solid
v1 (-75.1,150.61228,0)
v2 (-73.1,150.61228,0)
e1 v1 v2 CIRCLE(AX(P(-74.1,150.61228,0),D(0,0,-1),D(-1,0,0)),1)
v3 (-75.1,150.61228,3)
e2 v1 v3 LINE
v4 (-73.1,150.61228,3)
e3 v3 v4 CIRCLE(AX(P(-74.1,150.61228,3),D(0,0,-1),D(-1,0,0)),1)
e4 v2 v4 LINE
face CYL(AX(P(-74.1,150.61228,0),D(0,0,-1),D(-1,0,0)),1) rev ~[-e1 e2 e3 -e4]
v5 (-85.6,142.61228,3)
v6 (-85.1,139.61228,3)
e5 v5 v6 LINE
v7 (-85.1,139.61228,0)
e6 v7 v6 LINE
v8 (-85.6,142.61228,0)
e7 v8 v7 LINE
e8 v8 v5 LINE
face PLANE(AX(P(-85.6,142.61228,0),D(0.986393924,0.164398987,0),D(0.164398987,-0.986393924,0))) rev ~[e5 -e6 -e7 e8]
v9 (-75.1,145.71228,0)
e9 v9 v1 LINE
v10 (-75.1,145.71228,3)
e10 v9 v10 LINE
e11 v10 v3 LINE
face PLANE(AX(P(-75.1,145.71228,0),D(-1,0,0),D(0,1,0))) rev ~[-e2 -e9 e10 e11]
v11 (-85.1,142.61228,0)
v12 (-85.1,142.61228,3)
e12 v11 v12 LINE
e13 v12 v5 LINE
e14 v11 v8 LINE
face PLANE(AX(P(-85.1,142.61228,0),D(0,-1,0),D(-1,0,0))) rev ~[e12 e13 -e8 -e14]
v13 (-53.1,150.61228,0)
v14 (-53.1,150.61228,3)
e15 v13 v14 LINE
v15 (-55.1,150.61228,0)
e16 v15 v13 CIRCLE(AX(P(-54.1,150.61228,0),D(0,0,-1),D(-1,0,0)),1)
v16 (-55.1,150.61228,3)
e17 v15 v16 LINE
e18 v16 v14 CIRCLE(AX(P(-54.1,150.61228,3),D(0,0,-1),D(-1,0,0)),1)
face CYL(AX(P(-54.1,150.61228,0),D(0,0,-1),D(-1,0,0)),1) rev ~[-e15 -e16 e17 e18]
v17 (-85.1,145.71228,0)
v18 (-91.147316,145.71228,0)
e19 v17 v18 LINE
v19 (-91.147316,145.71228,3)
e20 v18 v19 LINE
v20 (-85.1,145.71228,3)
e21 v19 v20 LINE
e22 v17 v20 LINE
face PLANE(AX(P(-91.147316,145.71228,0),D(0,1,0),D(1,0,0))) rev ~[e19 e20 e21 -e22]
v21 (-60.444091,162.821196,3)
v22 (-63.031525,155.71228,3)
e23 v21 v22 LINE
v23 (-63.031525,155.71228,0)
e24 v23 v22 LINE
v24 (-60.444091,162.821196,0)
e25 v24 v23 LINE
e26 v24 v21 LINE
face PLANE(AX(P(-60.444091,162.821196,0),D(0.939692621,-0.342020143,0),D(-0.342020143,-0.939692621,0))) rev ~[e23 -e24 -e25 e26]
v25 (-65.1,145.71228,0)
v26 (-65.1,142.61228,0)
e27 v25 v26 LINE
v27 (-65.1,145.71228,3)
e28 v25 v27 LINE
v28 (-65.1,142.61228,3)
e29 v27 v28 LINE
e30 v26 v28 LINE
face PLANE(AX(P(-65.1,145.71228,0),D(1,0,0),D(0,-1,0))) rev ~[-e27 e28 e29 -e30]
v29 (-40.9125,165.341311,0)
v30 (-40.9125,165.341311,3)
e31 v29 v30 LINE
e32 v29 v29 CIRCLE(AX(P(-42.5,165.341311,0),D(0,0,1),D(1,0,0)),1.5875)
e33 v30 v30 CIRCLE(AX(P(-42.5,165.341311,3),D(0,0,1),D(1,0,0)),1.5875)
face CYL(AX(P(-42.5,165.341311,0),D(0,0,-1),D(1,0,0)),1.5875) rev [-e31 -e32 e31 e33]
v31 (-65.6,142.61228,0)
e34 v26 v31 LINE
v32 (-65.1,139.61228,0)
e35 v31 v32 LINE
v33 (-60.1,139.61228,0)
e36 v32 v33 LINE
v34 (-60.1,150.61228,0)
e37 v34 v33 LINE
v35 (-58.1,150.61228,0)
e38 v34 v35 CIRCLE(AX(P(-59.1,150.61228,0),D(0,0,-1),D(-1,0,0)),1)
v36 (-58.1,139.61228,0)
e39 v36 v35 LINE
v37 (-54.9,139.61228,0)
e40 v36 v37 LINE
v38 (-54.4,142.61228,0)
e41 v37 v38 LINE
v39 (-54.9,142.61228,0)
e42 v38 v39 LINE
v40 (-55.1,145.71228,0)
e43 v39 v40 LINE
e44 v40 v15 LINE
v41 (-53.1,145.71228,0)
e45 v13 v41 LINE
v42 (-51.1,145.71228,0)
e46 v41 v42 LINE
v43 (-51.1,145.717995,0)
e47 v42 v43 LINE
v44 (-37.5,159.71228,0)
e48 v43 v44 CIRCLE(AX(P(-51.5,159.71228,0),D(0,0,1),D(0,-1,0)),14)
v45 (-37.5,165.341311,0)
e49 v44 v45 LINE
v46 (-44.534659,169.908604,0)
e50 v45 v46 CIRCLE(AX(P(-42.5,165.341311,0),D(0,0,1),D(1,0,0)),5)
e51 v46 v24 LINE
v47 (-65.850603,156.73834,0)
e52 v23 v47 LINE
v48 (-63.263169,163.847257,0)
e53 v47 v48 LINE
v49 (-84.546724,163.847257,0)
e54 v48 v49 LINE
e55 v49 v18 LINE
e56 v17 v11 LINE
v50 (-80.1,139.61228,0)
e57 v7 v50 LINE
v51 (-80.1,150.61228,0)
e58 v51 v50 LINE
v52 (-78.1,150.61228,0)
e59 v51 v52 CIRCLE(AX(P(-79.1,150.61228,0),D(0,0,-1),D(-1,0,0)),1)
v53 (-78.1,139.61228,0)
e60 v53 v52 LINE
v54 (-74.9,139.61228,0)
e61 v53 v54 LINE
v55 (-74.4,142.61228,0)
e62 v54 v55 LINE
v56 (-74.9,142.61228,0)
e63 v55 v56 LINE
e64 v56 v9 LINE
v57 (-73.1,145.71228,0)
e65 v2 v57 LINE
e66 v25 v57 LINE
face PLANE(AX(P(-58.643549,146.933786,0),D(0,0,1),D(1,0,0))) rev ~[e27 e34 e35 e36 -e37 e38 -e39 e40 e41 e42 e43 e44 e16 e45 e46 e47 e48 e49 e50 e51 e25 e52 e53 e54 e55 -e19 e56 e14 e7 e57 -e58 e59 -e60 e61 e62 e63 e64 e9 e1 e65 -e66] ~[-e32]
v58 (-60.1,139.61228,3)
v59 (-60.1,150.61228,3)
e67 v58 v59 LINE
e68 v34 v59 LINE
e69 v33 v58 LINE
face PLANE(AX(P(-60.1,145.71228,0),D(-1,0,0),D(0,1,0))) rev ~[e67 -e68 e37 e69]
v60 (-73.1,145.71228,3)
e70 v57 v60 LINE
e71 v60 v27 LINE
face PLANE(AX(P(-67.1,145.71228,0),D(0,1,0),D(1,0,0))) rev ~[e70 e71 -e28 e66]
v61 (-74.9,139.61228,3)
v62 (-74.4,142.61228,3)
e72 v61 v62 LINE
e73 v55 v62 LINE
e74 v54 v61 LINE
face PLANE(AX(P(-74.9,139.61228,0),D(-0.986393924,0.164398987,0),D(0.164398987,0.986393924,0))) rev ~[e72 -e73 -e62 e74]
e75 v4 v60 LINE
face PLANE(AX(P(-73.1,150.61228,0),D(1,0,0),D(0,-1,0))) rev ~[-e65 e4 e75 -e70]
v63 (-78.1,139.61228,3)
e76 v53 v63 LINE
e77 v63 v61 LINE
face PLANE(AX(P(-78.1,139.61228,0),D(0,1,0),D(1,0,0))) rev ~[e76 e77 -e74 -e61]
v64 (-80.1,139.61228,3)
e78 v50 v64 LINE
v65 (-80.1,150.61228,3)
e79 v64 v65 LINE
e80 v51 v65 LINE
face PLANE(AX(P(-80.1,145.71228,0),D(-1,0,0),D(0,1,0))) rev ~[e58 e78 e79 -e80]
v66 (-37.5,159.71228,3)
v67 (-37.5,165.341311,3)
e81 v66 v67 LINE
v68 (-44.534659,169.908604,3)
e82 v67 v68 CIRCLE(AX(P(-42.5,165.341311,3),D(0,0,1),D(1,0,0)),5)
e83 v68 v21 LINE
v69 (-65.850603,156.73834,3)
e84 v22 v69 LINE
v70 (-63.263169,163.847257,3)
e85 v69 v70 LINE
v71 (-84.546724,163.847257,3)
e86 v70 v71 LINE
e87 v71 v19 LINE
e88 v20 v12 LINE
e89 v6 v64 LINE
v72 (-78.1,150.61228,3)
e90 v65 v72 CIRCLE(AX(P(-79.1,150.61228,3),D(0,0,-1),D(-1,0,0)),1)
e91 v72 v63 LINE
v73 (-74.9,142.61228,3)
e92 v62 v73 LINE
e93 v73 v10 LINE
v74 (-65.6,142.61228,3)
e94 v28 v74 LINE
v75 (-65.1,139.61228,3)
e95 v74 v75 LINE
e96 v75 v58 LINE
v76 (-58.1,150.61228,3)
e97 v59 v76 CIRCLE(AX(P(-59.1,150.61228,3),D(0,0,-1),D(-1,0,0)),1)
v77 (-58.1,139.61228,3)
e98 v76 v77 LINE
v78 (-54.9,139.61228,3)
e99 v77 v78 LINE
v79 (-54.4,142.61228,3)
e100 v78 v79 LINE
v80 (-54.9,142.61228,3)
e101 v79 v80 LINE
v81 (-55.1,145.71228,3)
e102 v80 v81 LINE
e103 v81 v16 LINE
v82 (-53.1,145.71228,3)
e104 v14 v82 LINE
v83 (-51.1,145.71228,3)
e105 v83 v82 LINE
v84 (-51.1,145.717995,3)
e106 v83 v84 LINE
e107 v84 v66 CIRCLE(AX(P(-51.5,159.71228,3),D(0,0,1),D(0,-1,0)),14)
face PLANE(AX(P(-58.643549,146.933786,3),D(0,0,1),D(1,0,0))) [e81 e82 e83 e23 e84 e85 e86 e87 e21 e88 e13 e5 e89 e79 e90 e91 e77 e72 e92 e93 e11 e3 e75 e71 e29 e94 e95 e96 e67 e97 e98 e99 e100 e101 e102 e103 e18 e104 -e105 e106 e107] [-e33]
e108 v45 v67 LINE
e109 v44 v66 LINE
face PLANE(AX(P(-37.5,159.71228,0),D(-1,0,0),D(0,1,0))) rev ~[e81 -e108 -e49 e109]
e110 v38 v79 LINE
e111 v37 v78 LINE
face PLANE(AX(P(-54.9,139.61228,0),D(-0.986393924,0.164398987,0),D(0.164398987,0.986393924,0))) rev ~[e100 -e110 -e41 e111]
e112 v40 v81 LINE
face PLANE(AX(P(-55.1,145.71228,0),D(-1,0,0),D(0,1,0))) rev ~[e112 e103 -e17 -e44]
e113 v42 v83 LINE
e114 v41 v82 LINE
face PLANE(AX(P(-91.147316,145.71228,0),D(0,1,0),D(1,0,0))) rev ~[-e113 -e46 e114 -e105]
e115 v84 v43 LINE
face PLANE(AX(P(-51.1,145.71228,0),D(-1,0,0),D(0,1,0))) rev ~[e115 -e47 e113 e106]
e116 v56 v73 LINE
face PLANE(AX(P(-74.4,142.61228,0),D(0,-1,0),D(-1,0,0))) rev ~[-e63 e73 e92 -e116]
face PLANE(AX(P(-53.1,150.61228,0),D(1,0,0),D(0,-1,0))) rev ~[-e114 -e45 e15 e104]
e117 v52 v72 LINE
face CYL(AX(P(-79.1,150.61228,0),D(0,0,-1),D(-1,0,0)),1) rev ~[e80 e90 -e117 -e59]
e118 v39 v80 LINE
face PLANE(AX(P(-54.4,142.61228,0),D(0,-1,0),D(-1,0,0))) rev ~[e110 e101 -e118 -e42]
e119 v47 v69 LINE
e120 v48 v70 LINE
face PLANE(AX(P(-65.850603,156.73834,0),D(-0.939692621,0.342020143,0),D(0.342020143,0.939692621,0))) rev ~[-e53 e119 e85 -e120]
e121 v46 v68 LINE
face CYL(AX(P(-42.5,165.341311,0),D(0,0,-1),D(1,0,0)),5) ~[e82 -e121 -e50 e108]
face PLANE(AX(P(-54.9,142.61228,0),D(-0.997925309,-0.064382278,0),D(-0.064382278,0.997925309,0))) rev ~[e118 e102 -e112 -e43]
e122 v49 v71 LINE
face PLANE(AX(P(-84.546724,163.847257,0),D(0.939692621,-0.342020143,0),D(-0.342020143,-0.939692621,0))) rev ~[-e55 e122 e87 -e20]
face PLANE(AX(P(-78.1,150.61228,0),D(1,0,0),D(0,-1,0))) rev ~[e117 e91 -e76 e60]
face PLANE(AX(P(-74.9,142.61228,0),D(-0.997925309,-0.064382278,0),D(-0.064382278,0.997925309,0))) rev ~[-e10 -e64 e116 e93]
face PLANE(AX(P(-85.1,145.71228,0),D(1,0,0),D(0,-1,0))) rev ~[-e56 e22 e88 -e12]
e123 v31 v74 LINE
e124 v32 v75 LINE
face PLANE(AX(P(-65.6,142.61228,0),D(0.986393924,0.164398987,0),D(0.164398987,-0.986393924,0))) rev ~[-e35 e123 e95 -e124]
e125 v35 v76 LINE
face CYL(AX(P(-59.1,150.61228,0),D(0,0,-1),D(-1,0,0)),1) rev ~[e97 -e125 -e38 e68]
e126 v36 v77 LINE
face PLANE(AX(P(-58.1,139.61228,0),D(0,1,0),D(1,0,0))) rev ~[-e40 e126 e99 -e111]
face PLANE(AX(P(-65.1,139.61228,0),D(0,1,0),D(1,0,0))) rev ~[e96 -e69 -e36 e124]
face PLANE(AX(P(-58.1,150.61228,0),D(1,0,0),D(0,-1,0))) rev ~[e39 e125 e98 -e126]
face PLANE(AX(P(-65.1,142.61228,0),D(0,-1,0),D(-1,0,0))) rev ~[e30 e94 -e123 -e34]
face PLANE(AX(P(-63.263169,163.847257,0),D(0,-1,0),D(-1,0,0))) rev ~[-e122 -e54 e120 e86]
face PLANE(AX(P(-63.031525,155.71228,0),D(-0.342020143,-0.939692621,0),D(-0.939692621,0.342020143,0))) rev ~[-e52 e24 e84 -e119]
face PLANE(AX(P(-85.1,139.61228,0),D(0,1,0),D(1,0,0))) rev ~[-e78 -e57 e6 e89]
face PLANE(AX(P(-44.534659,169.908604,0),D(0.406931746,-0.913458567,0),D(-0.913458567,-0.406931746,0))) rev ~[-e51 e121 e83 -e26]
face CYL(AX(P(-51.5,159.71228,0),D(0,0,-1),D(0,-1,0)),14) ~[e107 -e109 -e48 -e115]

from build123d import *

# Parameters (mm, degrees)
SKETCH1_R           = 1.5875
BOSS_EXTRUDE1_DEPTH = 3
TABS_DEPTH          = 3
TAB_RELIEF_REACH    = 195.217


with BuildPart() as part:
    # Sketch1 → Boss-Extrude1 (new body)
    with BuildSketch(Plane.XY):
        with BuildLine():
            Line((-44.534658728, 169.908603759), (-60.444091073, 162.821196289))
            Line((-60.444091073, 162.821196289), (-63.031525128, 155.712279649))
            Line((-63.031525128, 155.712279649), (-65.85060299, 156.738340079))
            Line((-65.85060299, 156.738340079), (-63.263168935, 163.847256719))
            Line((-63.263168935, 163.847256719), (-84.546724385, 163.847256719))
            Line((-84.546724385, 163.847256719), (-91.147316237, 145.712279649))
            Line((-91.147316237, 145.712279649), (-51.5, 145.712279649))
            ThreePointArc((-51.5, 145.712279649), (-41.600505063, 149.812784712), (-37.5, 159.712279649))
            Line((-37.5, 159.712279649), (-37.5, 165.341310922))
            ThreePointArc((-37.5, 165.341310922), (-39.777252641, 169.534954543), (-44.534658728, 169.908603759))
        make_face()
        with Locations((-42.5, 165.341310922)):
            Circle(SKETCH1_R, mode=Mode.SUBTRACT)
    extrude(amount=BOSS_EXTRUDE1_DEPTH)

    # Sketch3 → tabs (add)
    with BuildSketch(Plane(origin=(0, 0, 0), x_dir=(-1, 0, 0), z_dir=(0, 0, -1))):
        with BuildLine():
            Line((54.9, 142.612279649), (55.1, 145.712279649))
            Line((55.1, 145.712279649), (55.1, 150.612279649))
            ThreePointArc((55.1, 150.612279649), (54.1, 151.612279649), (53.1, 150.612279649))
            Line((53.1, 150.612279649), (53.1, 145.712279649))
            Line((53.1, 145.712279649), (51.1, 145.712279649))
            Line((51.1, 145.712279649), (51.1, 152.712279649))
            Line((51.1, 152.712279649), (67.1, 152.712279649))
            Line((67.1, 152.712279649), (67.1, 145.712279649))
            Line((67.1, 145.712279649), (65.1, 145.712279649))
            Line((65.1, 145.712279649), (65.1, 142.612279649))
            Line((65.1, 142.612279649), (65.6, 142.612279649))
            Line((65.6, 142.612279649), (65.1, 139.612279649))
            Line((65.1, 139.612279649), (60.1, 139.612279649))
            Line((60.1, 139.612279649), (60.1, 150.612279649))
            ThreePointArc((60.1, 150.612279649), (59.1, 151.612279649), (58.1, 150.612279649))
            Line((58.1, 150.612279649), (58.1, 139.612279649))
            Line((58.1, 139.612279649), (54.9, 139.612279649))
            Line((54.9, 139.612279649), (54.4, 142.612279649))
            Line((54.4, 142.612279649), (54.9, 142.612279649))
        make_face()
        with BuildLine():
            Line((74.9, 142.612279649), (75.1, 145.712279649))
            Line((75.1, 145.712279649), (75.1, 150.612279649))
            ThreePointArc((75.1, 150.612279649), (74.1, 151.612279649), (73.1, 150.612279649))
            Line((73.1, 150.612279649), (73.1, 145.712279649))
            Line((73.1, 145.712279649), (71.1, 145.712279649))
            Line((71.1, 145.712279649), (71.1, 152.712279649))
            Line((71.1, 152.712279649), (87.1, 152.712279649))
            Line((87.1, 152.712279649), (87.1, 145.712279649))
            Line((87.1, 145.712279649), (85.1, 145.712279649))
            Line((85.1, 145.712279649), (85.1, 142.612279649))
            Line((85.1, 142.612279649), (85.6, 142.612279649))
            Line((85.6, 142.612279649), (85.1, 139.612279649))
            Line((85.1, 139.612279649), (80.1, 139.612279649))
            Line((80.1, 139.612279649), (80.1, 150.612279649))
            ThreePointArc((80.1, 150.612279649), (79.1, 151.612279649), (78.1, 150.612279649))
            Line((78.1, 150.612279649), (78.1, 139.612279649))
            Line((78.1, 139.612279649), (74.9, 139.612279649))
            Line((74.9, 139.612279649), (74.4, 142.612279649))
            Line((74.4, 142.612279649), (74.9, 142.612279649))
        make_face()
    extrude(amount=-TABS_DEPTH)

    # Sketch4 → tab relief (cut, up to next)
    with BuildSketch(Plane(origin=(0, 0, 0), x_dir=(-1, 0, 0), z_dir=(0, 0, -1)), mode=Mode.PRIVATE) as tab_relief_sk1:
        with BuildLine():
            Line((55.1, 145.712279649), (55.1, 150.612279649))
            ThreePointArc((55.1, 150.612279649), (54.1, 151.612279649), (53.1, 150.612279649))
            Line((53.1, 150.612279649), (53.1, 145.712279649))
            Line((53.1, 145.712279649), (55.1, 145.712279649))
        make_face()
    tab_relief_tool1 = extrude(tab_relief_sk1.sketch, amount=-TAB_RELIEF_REACH, mode=Mode.PRIVATE) & part.part
    # Sketch4 → tab relief (cut, up to next)
    with BuildSketch(Plane(origin=(0, 0, 0), x_dir=(-1, 0, 0), z_dir=(0, 0, -1)), mode=Mode.PRIVATE) as tab_relief_sk2:
        with BuildLine():
            Line((75.1, 145.712279649), (75.1, 150.612279649))
            ThreePointArc((75.1, 150.612279649), (74.1, 151.612279649), (73.1, 150.612279649))
            Line((73.1, 150.612279649), (73.1, 145.712279649))
            Line((73.1, 145.712279649), (75.1, 145.712279649))
        make_face()
    tab_relief_tool2 = extrude(tab_relief_sk2.sketch, amount=-TAB_RELIEF_REACH, mode=Mode.PRIVATE) & part.part
    # Sketch4 → tab relief (cut, up to next)
    with BuildSketch(Plane(origin=(0, 0, 0), x_dir=(-1, 0, 0), z_dir=(0, 0, -1)), mode=Mode.PRIVATE) as tab_relief_sk3:
        with BuildLine():
            Line((58.1, 150.612279649), (58.1, 145.712279649))
            Line((58.1, 145.712279649), (60.1, 145.712279649))
            Line((60.1, 145.712279649), (60.1, 150.612279649))
            ThreePointArc((60.1, 150.612279649), (59.1, 151.612279649), (58.1, 150.612279649))
        make_face()
    tab_relief_tool3 = extrude(tab_relief_sk3.sketch, amount=-TAB_RELIEF_REACH, mode=Mode.PRIVATE) & part.part
    # Sketch4 → tab relief (cut, up to next)
    with BuildSketch(Plane(origin=(0, 0, 0), x_dir=(-1, 0, 0), z_dir=(0, 0, -1)), mode=Mode.PRIVATE) as tab_relief_sk4:
        with BuildLine():
            Line((78.1, 150.612279649), (78.1, 145.712279649))
            Line((78.1, 145.712279649), (80.1, 145.712279649))
            Line((80.1, 145.712279649), (80.1, 150.612279649))
            ThreePointArc((80.1, 150.612279649), (79.1, 151.612279649), (78.1, 150.612279649))
        make_face()
    tab_relief_tool4 = extrude(tab_relief_sk4.sketch, amount=-TAB_RELIEF_REACH, mode=Mode.PRIVATE) & part.part
    add(tab_relief_tool1.solids().sort_by_distance((-54.1, 148.55936, 0))[0], mode=Mode.SUBTRACT)
    add(tab_relief_tool2.solids().sort_by_distance((-74.1, 148.55936, 0))[0], mode=Mode.SUBTRACT)
    add(tab_relief_tool3.solids().sort_by_distance((-59.1, 148.55936, 0))[0], mode=Mode.SUBTRACT)
    add(tab_relief_tool4.solids().sort_by_distance((-79.1, 148.55936, 0))[0], mode=Mode.SUBTRACT)


solid = part.part
